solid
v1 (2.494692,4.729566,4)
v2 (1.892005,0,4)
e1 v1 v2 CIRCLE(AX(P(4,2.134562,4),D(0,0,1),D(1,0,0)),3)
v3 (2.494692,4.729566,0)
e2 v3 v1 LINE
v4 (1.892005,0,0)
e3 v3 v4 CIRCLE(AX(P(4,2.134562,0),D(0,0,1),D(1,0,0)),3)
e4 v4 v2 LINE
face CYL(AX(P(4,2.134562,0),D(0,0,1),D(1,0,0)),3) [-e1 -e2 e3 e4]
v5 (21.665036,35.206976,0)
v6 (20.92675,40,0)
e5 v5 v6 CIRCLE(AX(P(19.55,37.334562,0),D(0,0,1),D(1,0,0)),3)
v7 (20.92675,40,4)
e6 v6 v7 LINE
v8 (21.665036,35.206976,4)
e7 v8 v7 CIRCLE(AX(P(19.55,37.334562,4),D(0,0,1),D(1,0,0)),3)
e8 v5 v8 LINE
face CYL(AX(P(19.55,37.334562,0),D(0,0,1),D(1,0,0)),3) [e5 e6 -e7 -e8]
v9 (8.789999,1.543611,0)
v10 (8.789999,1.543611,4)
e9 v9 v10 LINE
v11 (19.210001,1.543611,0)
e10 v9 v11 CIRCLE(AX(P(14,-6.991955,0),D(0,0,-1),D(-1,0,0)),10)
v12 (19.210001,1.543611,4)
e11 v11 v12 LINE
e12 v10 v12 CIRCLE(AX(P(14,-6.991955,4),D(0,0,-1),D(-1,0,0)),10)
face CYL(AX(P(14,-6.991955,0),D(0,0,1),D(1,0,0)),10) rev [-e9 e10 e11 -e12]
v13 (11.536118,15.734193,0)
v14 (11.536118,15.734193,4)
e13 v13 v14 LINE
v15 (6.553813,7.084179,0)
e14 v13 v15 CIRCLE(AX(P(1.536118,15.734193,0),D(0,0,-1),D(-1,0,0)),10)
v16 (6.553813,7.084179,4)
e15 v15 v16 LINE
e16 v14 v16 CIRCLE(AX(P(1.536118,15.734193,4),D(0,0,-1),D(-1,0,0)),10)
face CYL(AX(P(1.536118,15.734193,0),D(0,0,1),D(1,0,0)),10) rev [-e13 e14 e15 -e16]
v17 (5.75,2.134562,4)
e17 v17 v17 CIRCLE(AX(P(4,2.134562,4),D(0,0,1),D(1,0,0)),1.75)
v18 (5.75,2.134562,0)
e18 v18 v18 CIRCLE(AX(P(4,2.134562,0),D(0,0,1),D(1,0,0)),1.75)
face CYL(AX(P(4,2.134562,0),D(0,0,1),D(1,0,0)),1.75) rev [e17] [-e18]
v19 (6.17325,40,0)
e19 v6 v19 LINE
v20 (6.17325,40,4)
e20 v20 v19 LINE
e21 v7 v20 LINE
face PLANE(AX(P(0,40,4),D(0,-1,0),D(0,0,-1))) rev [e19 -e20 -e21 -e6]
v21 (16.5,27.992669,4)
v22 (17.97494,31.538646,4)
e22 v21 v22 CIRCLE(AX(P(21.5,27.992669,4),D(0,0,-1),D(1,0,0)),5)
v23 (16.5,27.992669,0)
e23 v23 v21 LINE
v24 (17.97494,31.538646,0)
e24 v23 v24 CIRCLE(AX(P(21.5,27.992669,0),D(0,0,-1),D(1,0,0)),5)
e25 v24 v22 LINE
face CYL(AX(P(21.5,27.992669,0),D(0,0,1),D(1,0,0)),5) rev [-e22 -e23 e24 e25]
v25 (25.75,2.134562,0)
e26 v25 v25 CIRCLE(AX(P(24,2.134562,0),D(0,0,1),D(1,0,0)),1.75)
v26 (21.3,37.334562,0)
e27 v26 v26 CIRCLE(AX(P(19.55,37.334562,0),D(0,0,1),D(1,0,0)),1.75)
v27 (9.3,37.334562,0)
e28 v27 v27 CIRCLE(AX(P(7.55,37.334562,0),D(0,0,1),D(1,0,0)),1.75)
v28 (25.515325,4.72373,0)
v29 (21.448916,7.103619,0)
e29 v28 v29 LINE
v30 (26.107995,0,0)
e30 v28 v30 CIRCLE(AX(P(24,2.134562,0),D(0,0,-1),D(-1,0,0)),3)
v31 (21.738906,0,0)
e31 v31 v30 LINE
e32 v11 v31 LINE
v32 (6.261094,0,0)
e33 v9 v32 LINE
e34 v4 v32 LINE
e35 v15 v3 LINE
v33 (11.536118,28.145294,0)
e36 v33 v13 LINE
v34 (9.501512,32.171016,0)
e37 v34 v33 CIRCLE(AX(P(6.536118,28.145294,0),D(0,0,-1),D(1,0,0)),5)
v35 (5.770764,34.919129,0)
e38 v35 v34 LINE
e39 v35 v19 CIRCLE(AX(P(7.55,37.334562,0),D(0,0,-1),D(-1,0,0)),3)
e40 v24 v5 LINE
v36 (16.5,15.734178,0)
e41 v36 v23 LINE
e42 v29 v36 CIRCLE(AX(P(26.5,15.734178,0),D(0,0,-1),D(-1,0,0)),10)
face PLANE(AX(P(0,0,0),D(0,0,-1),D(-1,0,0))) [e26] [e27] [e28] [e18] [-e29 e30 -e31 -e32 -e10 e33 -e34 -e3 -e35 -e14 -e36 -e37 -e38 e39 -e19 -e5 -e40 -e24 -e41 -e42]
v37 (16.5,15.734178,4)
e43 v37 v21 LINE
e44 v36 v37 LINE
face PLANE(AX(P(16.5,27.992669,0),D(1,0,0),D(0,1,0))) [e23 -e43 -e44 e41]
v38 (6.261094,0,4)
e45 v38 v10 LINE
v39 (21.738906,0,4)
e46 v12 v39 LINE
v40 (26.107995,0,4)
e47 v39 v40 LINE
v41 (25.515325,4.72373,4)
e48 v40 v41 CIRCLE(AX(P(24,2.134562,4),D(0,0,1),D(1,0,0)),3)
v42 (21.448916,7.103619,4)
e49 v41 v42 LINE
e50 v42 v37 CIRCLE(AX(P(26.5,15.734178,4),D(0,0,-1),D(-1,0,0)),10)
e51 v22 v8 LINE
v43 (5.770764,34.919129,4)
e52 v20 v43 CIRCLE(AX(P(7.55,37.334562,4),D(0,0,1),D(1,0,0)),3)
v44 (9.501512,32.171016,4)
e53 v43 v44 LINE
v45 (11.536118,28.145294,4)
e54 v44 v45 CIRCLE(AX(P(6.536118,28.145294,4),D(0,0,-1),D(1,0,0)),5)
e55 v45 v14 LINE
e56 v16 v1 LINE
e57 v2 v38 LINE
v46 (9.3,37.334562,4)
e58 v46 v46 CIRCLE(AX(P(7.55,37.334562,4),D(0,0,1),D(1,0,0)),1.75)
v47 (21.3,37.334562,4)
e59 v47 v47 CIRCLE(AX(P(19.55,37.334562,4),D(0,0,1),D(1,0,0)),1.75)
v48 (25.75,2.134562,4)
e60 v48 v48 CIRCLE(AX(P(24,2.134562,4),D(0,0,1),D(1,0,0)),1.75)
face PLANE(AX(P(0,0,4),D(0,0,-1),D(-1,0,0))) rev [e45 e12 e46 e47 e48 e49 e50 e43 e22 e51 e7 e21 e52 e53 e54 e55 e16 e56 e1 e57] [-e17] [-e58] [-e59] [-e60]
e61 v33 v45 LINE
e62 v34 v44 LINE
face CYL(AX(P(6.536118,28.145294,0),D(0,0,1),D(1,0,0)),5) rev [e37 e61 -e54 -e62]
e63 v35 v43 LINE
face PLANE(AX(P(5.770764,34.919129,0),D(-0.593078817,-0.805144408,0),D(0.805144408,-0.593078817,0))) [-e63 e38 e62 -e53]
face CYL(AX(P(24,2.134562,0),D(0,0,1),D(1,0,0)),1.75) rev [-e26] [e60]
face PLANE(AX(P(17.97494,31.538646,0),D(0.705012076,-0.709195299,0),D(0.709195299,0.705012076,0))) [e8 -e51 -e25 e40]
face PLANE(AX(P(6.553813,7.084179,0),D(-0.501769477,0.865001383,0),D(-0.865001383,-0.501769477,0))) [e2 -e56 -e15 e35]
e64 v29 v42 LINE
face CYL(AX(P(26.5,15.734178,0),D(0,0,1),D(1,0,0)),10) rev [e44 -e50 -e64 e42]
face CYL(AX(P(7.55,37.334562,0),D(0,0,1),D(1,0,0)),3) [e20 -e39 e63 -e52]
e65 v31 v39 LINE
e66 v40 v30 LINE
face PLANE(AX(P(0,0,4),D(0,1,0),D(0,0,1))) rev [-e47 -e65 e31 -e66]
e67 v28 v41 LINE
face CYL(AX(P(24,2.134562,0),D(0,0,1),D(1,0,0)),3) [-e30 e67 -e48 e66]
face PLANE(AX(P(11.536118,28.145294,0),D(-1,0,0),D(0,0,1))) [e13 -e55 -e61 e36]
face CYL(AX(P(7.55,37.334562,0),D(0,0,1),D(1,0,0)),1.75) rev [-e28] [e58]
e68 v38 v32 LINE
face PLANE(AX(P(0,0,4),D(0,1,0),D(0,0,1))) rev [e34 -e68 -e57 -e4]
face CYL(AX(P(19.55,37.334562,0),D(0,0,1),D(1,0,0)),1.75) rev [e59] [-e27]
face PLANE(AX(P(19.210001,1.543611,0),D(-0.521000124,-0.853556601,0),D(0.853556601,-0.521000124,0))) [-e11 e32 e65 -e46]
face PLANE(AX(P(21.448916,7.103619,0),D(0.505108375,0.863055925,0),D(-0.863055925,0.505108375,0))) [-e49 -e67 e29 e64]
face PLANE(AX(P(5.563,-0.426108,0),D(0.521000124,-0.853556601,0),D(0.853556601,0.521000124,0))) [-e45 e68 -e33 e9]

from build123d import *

# Parameters (mm, degrees)
SKETCH_1_W          = 28
SKETCH_1_H          = 40
EXTRUDE_1_DEPTH     = 4
SKETCH_2_R          = 1.75
CUT_EXTRUDE_1_DEPTH = 49.989794856
SKETCH_3_W          = 46.756275812
SKETCH_3_H          = 48.920918211
CUT_EXTRUDE_2_DEPTH = 49.989794856


with BuildPart() as part:
    # 草图1 → 凸台-拉伸1 (new body)
    with BuildSketch(Plane.XY):
        with Locations((14, 20)):
            Rectangle(SKETCH_1_W, SKETCH_1_H)
    extrude(amount=EXTRUDE_1_DEPTH)

    # 草图2 → 切除-拉伸1 (cut, through all)
    with BuildSketch(Plane.XY.offset(4)):
        with Locations((4, 2.134562065)):
            Circle(SKETCH_2_R)
        with Locations((24, 2.134562065)):
            Circle(SKETCH_2_R)
        with Locations((19.55, 37.334562065)):
            Circle(SKETCH_2_R)
        with Locations((7.55, 37.334562065)):
            Circle(SKETCH_2_R)
    extrude(amount=-CUT_EXTRUDE_1_DEPTH, mode=Mode.SUBTRACT)

    # 草图3 → 切除-拉伸2 (cut, through all)
    with BuildSketch(Plane.XY.offset(4)):
        with Locations((16.027589169, 19.550398151)):
            Rectangle(SKETCH_3_W, SKETCH_3_H)
        with BuildLine():
            Line((11.536117859, 28.14529377), (11.536117859, 15.734192521))
            ThreePointArc((11.536117859, 15.734192521), (10.201478432, 10.743047748), (6.553812631, 7.084178696))
            Line((6.553812631, 7.084178696), (2.494691568, 4.729566213))
            ThreePointArc((2.494691568, 4.729566213), (1.422001637, 0.600311616), (5.563000373, -0.426107736))
            Line((5.563000373, -0.426107736), (8.789998756, 1.543611152))
            ThreePointArc((8.789998756, 1.543611152), (14, 3.008045147), (19.210001244, 1.543611152))
            Line((19.210001244, 1.543611152), (22.436999627, -0.426107736))
            ThreePointArc((22.436999627, -0.426107736), (26.575029126, 0.595333362), (25.515325125, 4.72372984))
            Line((25.515325125, 4.72372984), (21.448916251, 7.103618696))
            ThreePointArc((21.448916251, 7.103618696), (17.825011888, 10.759785395), (16.5, 15.734177946))
            Line((16.5, 15.734177946), (16.5, 27.992669275))
            ThreePointArc((16.5, 27.992669275), (16.883437323, 29.912916406), (17.974939618, 31.53864577))
            Line((17.974939618, 31.53864577), (21.665036229, 35.206976168))
            ThreePointArc((21.665036229, 35.206976168), (22.323333526, 38.478511869), (19.55, 40.334562065))
            Line((19.55, 40.334562065), (7.55, 40.334562065))
            ThreePointArc((7.55, 40.334562065), (4.699885996, 38.270964844), (5.77076355, 34.919128842))
            Line((5.77076355, 34.919128842), (9.501511942, 32.171015809))
            ThreePointArc((9.501511942, 32.171015809), (10.998570683, 30.400624077), (11.536117859, 28.14529377))
        make_face(mode=Mode.SUBTRACT)
    extrude(amount=-CUT_EXTRUDE_2_DEPTH, mode=Mode.SUBTRACT)


solid = part.part
